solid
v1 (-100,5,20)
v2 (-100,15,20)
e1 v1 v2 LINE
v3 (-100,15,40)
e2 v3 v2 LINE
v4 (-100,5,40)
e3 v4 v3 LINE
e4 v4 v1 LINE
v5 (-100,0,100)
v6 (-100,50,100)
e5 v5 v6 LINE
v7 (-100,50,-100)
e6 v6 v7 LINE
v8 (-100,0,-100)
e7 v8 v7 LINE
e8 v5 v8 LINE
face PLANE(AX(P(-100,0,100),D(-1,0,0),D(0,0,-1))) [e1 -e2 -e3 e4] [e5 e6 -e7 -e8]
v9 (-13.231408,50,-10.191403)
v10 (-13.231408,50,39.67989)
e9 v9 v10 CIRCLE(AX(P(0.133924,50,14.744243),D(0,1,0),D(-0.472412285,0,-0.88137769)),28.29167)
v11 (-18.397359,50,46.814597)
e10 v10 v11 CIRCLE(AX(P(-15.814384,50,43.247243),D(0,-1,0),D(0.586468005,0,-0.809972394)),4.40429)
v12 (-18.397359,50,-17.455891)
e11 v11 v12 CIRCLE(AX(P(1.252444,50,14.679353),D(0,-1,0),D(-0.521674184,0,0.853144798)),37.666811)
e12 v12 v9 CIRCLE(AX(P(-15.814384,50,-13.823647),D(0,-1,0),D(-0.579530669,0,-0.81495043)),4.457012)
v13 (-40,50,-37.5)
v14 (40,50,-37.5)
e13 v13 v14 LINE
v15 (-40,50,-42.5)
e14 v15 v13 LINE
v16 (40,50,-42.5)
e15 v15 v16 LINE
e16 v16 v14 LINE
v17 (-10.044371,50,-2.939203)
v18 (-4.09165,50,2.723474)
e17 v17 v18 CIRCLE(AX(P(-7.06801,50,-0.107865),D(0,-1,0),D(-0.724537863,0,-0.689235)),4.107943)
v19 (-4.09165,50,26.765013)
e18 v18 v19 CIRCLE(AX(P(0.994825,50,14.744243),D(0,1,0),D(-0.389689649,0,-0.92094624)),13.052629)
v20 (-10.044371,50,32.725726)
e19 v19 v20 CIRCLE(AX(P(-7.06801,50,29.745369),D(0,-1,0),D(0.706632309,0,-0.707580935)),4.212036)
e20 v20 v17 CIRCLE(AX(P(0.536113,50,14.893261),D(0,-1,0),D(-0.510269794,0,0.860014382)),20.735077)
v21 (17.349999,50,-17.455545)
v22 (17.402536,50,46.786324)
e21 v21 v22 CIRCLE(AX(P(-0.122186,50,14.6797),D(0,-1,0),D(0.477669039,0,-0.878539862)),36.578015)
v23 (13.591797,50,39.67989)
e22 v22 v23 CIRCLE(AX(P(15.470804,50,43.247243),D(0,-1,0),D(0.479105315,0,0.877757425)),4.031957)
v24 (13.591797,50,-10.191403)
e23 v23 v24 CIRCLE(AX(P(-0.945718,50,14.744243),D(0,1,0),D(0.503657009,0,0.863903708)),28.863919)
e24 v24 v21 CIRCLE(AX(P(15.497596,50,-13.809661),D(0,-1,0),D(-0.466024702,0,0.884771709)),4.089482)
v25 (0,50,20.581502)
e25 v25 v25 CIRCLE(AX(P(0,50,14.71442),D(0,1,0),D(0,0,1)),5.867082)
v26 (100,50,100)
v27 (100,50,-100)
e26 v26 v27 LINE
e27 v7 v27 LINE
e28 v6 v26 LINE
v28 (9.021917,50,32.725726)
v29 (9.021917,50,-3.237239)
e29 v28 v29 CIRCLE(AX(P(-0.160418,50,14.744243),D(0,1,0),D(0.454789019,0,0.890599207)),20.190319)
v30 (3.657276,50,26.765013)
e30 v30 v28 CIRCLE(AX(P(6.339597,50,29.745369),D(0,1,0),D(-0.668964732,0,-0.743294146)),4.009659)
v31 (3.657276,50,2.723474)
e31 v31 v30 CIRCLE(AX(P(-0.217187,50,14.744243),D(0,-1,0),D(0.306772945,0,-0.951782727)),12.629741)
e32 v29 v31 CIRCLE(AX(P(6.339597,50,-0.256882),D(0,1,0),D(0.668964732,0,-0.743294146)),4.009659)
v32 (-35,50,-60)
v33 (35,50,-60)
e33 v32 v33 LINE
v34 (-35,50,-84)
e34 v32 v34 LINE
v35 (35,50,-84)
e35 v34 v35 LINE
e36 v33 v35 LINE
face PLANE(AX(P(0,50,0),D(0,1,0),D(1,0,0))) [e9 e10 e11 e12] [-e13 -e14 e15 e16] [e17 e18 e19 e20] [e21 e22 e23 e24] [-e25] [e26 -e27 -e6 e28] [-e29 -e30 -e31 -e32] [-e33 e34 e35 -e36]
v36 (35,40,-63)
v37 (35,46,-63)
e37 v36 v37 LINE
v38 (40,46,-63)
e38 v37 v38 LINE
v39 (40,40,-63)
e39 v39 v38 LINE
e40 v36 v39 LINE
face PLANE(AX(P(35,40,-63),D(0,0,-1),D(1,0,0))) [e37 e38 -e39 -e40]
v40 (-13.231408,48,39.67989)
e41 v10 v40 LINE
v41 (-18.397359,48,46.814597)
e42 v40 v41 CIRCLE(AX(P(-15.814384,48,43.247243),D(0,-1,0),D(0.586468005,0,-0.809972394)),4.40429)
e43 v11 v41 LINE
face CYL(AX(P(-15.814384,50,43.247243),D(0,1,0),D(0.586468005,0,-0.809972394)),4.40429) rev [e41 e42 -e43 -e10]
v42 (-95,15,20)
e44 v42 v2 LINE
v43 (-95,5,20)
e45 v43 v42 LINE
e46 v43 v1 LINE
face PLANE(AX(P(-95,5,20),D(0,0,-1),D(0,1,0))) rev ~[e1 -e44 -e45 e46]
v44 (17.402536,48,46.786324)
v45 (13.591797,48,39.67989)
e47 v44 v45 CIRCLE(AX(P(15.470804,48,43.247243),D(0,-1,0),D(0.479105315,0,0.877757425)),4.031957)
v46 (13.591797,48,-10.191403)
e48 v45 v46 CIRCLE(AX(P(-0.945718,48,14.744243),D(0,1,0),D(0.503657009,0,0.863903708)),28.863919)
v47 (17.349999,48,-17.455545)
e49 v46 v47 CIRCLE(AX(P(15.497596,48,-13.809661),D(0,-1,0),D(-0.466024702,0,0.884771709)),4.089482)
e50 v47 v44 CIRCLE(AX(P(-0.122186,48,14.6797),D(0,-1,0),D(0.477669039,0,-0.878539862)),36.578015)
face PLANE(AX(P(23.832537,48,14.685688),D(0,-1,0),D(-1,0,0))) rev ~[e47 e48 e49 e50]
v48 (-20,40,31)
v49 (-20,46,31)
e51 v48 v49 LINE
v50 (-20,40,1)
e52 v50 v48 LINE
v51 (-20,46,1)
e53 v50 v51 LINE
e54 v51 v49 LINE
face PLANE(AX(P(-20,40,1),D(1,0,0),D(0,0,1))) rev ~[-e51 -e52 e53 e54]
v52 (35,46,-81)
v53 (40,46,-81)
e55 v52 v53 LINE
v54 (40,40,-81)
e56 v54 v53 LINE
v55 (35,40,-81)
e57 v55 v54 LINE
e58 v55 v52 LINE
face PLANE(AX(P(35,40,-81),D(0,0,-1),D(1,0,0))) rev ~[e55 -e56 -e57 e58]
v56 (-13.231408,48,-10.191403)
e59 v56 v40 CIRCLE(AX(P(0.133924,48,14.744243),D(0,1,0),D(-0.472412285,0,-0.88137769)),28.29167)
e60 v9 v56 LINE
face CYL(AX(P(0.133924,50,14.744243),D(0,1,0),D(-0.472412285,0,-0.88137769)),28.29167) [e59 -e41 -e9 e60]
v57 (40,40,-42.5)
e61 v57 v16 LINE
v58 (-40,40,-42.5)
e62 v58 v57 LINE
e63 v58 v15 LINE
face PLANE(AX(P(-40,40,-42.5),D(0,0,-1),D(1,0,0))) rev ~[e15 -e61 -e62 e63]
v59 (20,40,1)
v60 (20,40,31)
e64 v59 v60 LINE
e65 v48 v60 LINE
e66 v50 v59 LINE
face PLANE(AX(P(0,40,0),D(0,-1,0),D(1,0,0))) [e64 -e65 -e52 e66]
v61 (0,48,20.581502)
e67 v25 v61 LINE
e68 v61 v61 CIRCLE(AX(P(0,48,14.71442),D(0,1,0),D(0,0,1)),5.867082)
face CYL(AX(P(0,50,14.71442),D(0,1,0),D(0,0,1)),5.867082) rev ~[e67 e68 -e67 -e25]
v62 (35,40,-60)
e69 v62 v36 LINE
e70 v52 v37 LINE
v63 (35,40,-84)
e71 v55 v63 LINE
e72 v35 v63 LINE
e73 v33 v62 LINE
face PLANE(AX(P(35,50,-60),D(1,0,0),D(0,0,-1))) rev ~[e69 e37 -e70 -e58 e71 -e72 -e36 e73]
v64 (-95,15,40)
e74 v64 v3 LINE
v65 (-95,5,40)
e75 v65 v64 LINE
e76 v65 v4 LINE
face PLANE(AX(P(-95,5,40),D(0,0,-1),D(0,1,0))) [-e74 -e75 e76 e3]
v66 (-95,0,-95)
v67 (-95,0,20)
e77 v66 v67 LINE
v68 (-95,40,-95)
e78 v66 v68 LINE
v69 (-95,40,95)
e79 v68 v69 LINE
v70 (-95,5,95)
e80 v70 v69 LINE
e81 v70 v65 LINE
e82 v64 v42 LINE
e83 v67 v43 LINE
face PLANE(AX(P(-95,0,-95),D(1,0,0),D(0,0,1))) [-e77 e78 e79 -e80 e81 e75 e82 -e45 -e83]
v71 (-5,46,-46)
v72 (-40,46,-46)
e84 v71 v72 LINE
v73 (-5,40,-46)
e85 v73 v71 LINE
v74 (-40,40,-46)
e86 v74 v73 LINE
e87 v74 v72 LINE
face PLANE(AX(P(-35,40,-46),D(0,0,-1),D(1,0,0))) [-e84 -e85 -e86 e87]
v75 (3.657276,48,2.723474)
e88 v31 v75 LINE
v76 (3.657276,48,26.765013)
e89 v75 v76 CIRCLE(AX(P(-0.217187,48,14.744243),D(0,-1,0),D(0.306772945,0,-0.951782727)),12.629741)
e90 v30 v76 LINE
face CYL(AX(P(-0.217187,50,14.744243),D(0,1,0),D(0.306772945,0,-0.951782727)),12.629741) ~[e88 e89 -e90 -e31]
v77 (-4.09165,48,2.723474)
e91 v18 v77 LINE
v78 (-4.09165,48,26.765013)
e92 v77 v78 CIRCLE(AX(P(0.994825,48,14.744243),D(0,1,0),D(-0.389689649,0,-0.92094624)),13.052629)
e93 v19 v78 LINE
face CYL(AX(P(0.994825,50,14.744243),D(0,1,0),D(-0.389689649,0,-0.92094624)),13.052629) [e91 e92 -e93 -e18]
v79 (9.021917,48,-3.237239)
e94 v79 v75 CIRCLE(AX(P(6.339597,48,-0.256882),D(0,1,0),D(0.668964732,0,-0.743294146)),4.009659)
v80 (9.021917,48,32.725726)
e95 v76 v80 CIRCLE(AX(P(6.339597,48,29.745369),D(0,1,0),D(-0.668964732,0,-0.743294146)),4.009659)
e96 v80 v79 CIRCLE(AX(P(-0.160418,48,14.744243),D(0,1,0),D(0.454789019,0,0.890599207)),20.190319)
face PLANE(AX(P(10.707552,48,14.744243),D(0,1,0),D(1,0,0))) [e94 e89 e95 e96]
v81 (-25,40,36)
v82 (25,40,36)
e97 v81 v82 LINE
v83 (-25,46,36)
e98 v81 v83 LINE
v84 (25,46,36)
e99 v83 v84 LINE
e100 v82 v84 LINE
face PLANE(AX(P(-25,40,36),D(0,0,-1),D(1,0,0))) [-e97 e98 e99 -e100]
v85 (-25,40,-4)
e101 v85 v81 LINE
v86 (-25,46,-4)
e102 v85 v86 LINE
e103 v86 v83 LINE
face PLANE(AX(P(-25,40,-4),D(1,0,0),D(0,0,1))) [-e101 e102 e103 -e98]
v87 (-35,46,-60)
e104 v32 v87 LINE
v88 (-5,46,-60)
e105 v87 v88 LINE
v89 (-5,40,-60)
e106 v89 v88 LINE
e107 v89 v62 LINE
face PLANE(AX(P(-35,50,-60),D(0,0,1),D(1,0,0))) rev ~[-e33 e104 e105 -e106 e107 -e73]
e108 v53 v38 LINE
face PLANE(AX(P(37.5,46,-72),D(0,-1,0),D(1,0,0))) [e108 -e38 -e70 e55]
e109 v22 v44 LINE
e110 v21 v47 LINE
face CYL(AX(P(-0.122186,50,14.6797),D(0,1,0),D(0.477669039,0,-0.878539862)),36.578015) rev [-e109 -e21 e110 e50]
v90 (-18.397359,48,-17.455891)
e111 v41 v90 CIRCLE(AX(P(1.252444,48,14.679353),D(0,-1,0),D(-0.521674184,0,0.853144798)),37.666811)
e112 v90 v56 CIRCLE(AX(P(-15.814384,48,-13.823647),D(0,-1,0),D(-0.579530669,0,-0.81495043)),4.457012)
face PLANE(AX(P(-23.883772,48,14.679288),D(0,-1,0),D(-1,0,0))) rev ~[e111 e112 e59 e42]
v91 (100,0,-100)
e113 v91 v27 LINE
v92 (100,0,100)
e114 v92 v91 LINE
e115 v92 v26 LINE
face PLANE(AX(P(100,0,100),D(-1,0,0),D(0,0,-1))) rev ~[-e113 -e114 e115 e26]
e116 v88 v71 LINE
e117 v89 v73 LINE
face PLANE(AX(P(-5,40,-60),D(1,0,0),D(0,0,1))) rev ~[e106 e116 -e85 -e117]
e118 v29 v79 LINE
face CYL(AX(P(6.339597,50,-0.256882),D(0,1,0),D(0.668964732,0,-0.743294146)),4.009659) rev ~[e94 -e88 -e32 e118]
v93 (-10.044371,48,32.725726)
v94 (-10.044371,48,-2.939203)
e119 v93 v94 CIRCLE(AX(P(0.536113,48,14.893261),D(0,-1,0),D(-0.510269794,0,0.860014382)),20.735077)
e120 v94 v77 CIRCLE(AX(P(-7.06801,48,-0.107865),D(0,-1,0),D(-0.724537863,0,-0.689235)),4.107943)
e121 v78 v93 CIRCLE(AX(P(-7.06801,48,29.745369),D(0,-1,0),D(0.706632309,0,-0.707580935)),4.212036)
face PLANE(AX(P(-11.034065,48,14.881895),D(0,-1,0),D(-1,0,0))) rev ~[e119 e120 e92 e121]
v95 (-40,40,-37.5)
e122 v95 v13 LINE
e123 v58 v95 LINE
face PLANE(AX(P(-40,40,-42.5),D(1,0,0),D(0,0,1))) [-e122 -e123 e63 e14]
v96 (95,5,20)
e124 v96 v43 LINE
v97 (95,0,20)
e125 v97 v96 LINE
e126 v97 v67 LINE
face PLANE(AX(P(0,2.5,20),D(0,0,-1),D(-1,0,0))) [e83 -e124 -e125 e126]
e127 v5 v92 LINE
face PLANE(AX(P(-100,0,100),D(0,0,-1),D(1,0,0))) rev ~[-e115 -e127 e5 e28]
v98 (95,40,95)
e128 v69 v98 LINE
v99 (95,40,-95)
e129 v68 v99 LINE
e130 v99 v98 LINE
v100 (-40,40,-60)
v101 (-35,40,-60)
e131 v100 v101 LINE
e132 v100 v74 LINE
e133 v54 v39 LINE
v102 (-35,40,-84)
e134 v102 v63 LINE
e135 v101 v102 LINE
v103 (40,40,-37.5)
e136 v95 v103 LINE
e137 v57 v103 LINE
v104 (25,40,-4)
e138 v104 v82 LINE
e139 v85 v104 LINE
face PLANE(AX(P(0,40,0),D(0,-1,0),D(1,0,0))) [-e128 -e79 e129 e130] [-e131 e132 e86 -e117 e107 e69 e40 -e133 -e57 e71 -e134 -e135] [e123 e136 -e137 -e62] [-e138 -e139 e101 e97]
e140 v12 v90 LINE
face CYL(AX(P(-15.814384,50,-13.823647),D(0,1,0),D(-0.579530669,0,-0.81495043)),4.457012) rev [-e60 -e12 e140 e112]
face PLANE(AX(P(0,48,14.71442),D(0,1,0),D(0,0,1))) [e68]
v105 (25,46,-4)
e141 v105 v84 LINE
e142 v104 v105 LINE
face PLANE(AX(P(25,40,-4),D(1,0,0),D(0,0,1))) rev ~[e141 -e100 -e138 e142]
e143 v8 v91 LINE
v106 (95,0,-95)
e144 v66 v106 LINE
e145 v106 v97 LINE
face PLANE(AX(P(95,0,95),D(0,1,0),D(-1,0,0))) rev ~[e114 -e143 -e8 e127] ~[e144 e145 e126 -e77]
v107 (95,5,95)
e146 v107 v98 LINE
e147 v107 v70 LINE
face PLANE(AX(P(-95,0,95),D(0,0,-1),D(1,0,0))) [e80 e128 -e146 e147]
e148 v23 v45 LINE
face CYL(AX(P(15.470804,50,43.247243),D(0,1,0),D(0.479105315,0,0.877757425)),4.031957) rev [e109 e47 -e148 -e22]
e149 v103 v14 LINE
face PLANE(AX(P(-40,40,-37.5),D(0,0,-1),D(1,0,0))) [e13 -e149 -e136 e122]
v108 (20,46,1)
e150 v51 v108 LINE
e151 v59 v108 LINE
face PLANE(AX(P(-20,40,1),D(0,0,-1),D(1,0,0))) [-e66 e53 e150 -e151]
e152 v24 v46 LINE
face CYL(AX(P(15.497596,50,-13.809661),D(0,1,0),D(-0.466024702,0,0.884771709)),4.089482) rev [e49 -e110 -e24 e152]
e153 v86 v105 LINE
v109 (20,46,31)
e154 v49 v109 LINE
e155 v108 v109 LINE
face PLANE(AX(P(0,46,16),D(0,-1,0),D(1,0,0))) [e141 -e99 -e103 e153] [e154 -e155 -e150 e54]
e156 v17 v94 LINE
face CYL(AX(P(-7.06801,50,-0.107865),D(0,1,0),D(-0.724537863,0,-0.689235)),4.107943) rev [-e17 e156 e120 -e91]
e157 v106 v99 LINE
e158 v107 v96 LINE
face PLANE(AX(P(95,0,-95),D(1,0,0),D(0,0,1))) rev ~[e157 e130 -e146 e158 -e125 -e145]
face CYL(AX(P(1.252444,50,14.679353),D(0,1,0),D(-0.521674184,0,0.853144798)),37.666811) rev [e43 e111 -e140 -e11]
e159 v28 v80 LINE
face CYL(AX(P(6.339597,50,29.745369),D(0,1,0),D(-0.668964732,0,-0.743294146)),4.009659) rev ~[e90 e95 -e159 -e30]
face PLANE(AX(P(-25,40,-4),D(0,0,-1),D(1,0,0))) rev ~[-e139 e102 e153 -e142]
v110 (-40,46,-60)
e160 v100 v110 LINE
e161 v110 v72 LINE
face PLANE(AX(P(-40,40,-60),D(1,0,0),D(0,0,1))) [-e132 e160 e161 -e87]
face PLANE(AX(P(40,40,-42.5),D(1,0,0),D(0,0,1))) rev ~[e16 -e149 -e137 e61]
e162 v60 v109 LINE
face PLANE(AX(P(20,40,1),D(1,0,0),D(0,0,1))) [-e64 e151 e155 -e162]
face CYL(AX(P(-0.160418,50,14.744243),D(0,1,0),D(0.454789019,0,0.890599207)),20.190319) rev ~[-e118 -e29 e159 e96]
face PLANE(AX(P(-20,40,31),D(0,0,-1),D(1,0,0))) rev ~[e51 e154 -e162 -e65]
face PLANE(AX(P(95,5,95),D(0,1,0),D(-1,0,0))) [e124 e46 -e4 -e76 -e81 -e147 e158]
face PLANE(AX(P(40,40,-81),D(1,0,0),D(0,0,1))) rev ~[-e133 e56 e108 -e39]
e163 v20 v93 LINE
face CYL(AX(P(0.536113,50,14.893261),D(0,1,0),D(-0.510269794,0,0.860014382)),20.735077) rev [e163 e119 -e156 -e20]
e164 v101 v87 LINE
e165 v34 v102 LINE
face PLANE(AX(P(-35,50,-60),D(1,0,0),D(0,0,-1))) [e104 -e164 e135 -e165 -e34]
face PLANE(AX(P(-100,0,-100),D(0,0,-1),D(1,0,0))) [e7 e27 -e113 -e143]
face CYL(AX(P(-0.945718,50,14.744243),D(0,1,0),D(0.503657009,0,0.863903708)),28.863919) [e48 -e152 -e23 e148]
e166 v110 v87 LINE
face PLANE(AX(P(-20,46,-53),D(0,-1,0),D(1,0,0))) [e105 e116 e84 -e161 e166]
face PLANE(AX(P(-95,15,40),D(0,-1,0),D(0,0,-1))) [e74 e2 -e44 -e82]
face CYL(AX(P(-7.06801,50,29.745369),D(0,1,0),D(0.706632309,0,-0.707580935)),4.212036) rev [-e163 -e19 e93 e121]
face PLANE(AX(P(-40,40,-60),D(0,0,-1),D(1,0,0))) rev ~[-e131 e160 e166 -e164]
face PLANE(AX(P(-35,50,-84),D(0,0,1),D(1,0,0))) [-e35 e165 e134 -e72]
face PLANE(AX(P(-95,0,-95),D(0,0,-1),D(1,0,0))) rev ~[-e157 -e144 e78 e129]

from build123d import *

# Parameters (mm, degrees)
ESQUISSE1_W              = 200
ESQUISSE1_H              = 200
BOSS_EXTRU_1_DEPTH       = 50
ESQUISSE2_W              = 190
ESQUISSE2_H              = 190
ENL_V_MAT_EXTRU_1_DEPTH  = 40
ESQUISSE3_W              = 70
ESQUISSE3_H              = 24
ENL_V_MAT_EXTRU_2_DEPTH  = 10
ESQUISSE5_W              = 5
ESQUISSE5_H              = 18
ESQUISSE5_W_2            = 30
ESQUISSE5_H_2            = 14
ENL_V_MAT_EXTRU_3_DEPTH  = 6
ESQUISSE7_W              = 5
ESQUISSE7_H              = 14
ENL_V_MAT_EXTRU_5_DEPTH  = 6
ESQUISSE8_W              = 80
ESQUISSE8_H              = 5
ENL_V_MAT_EXTRU_6_DEPTH  = 10
ESQUISSE9_W              = 190
ESQUISSE9_H              = 5
BOSS_EXTRU_2_DEPTH       = 75
ESQUISSE11_W             = 50
ESQUISSE11_H             = 40
ESQUISSE11_W_2           = 40
ESQUISSE11_H_2           = 30
ENL_V_MAT_EXTRU_9_DEPTH  = 6
ESQUISSE12_R             = 5.86708194
ENL_V_MAT_EXTRU_10_DEPTH = 2
ESQUISSE13_W             = 20
ESQUISSE13_H             = 10
ENL_V_MAT_EXTRU_11_DEPTH = 5


with BuildPart() as part:
    # Esquisse1 → Boss.-Extru.1 (new body)
    with BuildSketch(Plane(origin=(0, 0, 0), x_dir=(1, 0, 0), z_dir=(0, 1, 0))):
        Rectangle(ESQUISSE1_W, ESQUISSE1_H)
    extrude(amount=BOSS_EXTRU_1_DEPTH)

    # Esquisse2 → Enlèv. mat.-Extru.1 (cut)
    with BuildSketch(Plane.XZ):
        Rectangle(ESQUISSE2_W, ESQUISSE2_H)
    extrude(amount=-ENL_V_MAT_EXTRU_1_DEPTH, mode=Mode.SUBTRACT)

    # Esquisse3 → Enlèv. mat.-Extru.2 (cut)
    with BuildSketch(Plane(origin=(0, 50, 0), x_dir=(1, 0, 0), z_dir=(0, 1, 0))):
        with Locations((0, 72)):
            Rectangle(ESQUISSE3_W, ESQUISSE3_H)
    extrude(amount=-ENL_V_MAT_EXTRU_2_DEPTH, mode=Mode.SUBTRACT)

    # Esquisse5 → Enlèv. mat.-Extru.3 (cut)
    with BuildSketch(Plane.XZ.offset(-40)):
        with Locations((37.5, -72)):
            Rectangle(ESQUISSE5_W, ESQUISSE5_H)
        with Locations((-20, -53)):
            Rectangle(ESQUISSE5_W_2, ESQUISSE5_H_2)
    extrude(amount=-ENL_V_MAT_EXTRU_3_DEPTH, mode=Mode.SUBTRACT)

    # Esquisse7 → Enlèv. mat.-Extru.5 (cut)
    with BuildSketch(Plane.XZ.offset(-40)):
        with Locations((-37.5, -53)):
            Rectangle(ESQUISSE7_W, ESQUISSE7_H)
    extrude(amount=-ENL_V_MAT_EXTRU_5_DEPTH, mode=Mode.SUBTRACT)

    # Esquisse8 → Enlèv. mat.-Extru.6 (cut)
    with BuildSketch(Plane.XZ.offset(-40)):
        with Locations((0, -40)):
            Rectangle(ESQUISSE8_W, ESQUISSE8_H)
    extrude(amount=-ENL_V_MAT_EXTRU_6_DEPTH, mode=Mode.SUBTRACT)

    # Esquisse9 → Boss.-Extru.2 (add)
    with BuildSketch(Plane(origin=(0, 0, 95), x_dir=(-1, 0, 0), z_dir=(0, 0, -1))):
        with Locations((0, 2.5)):
            Rectangle(ESQUISSE9_W, ESQUISSE9_H)
    extrude(amount=BOSS_EXTRU_2_DEPTH)

    # Esquisse11 → Enlèv. mat.-Extru.9 (cut)
    with BuildSketch(Plane.XZ.offset(-40)):
        with Locations((0, 16)):
            Rectangle(ESQUISSE11_W, ESQUISSE11_H)
        with Locations((0, 16)):
            Rectangle(ESQUISSE11_W_2, ESQUISSE11_H_2, mode=Mode.SUBTRACT)
    extrude(amount=-ENL_V_MAT_EXTRU_9_DEPTH, mode=Mode.SUBTRACT)

    # Esquisse12 → Enlèv. mat.-Extru.10 (cut)
    with BuildSketch(Plane(origin=(0, 50, 0), x_dir=(1, 0, 0), z_dir=(0, 1, 0))):
        with Locations(Location((0, -14.714419725, 0), (0, 0, 270))):
            Circle(ESQUISSE12_R)
        with BuildLine():
            ThreePointArc((3.657276348, -2.723473664), (12.412554836, -14.744243454), (3.657276348, -26.765013245))
            ThreePointArc((3.657276348, -26.765013245), (3.359240733, -32.427689923), (9.021917411, -32.725725538))
            ThreePointArc((9.021917411, -32.725725538), (20.02990103, -14.744243454), (9.021917411, 3.237238629))
            ThreePointArc((9.021917411, 3.237238629), (3.359240733, 2.939203014), (3.657276348, -2.723473664))
        make_face()
        with BuildLine():
            ThreePointArc((-4.091649632, -2.723473664), (-12.057804345, -14.744243454), (-4.091649632, -26.765013245))
            ThreePointArc((-4.091649632, -26.765013245), (-4.087653986, -32.721729891), (-10.044370632, -32.725725538))
            ThreePointArc((-10.044370632, -32.725725538), (-20.198964068, -14.893261262), (-10.044370632, 2.939203014))
            ThreePointArc((-10.044370632, 2.939203014), (-4.236671793, 3.084225175), (-4.091649632, -2.723473664))
        make_face()
        with BuildLine():
            ThreePointArc((13.591796836, 10.19140297), (11.86542759, 15.688813034), (17.349999414, 17.455544504))
            ThreePointArc((17.349999414, 17.455544504), (36.455816795, -14.649786555), (17.402535548, -46.786323611))
            ThreePointArc((17.402535548, -46.786323611), (11.917488852, -45.152665208), (13.591796836, -39.679889879))
            ThreePointArc((13.591796836, -39.679889879), (27.918200585, -14.744243454), (13.591796836, 10.19140297))
        make_face()
        with BuildLine():
            ThreePointArc((-13.231408481, -39.679889879), (-12.247030277, -45.830218737), (-18.397359135, -46.814596942))
            ThreePointArc((-18.397359135, -46.814596942), (-36.414367356, -14.679352885), (-18.397359135, 17.455891172))
            ThreePointArc((-18.397359135, 17.455891172), (-12.182139707, 16.406622398), (-13.231408481, 10.19140297))
            ThreePointArc((-13.231408481, 10.19140297), (-28.157745811, -14.744243454), (-13.231408481, -39.679889879))
        make_face()
    extrude(amount=-ENL_V_MAT_EXTRU_10_DEPTH, mode=Mode.SUBTRACT)

    # Esquisse13 → Enlèv. mat.-Extru.11 (cut)
    with BuildSketch(Plane(origin=(-95, 0, 0), x_dir=(0, 0, -1), z_dir=(1, 0, 0))):
        with Locations((-30, 10)):
            Rectangle(ESQUISSE13_W, ESQUISSE13_H)
    extrude(amount=-ENL_V_MAT_EXTRU_11_DEPTH, mode=Mode.SUBTRACT)


solid = part.part
